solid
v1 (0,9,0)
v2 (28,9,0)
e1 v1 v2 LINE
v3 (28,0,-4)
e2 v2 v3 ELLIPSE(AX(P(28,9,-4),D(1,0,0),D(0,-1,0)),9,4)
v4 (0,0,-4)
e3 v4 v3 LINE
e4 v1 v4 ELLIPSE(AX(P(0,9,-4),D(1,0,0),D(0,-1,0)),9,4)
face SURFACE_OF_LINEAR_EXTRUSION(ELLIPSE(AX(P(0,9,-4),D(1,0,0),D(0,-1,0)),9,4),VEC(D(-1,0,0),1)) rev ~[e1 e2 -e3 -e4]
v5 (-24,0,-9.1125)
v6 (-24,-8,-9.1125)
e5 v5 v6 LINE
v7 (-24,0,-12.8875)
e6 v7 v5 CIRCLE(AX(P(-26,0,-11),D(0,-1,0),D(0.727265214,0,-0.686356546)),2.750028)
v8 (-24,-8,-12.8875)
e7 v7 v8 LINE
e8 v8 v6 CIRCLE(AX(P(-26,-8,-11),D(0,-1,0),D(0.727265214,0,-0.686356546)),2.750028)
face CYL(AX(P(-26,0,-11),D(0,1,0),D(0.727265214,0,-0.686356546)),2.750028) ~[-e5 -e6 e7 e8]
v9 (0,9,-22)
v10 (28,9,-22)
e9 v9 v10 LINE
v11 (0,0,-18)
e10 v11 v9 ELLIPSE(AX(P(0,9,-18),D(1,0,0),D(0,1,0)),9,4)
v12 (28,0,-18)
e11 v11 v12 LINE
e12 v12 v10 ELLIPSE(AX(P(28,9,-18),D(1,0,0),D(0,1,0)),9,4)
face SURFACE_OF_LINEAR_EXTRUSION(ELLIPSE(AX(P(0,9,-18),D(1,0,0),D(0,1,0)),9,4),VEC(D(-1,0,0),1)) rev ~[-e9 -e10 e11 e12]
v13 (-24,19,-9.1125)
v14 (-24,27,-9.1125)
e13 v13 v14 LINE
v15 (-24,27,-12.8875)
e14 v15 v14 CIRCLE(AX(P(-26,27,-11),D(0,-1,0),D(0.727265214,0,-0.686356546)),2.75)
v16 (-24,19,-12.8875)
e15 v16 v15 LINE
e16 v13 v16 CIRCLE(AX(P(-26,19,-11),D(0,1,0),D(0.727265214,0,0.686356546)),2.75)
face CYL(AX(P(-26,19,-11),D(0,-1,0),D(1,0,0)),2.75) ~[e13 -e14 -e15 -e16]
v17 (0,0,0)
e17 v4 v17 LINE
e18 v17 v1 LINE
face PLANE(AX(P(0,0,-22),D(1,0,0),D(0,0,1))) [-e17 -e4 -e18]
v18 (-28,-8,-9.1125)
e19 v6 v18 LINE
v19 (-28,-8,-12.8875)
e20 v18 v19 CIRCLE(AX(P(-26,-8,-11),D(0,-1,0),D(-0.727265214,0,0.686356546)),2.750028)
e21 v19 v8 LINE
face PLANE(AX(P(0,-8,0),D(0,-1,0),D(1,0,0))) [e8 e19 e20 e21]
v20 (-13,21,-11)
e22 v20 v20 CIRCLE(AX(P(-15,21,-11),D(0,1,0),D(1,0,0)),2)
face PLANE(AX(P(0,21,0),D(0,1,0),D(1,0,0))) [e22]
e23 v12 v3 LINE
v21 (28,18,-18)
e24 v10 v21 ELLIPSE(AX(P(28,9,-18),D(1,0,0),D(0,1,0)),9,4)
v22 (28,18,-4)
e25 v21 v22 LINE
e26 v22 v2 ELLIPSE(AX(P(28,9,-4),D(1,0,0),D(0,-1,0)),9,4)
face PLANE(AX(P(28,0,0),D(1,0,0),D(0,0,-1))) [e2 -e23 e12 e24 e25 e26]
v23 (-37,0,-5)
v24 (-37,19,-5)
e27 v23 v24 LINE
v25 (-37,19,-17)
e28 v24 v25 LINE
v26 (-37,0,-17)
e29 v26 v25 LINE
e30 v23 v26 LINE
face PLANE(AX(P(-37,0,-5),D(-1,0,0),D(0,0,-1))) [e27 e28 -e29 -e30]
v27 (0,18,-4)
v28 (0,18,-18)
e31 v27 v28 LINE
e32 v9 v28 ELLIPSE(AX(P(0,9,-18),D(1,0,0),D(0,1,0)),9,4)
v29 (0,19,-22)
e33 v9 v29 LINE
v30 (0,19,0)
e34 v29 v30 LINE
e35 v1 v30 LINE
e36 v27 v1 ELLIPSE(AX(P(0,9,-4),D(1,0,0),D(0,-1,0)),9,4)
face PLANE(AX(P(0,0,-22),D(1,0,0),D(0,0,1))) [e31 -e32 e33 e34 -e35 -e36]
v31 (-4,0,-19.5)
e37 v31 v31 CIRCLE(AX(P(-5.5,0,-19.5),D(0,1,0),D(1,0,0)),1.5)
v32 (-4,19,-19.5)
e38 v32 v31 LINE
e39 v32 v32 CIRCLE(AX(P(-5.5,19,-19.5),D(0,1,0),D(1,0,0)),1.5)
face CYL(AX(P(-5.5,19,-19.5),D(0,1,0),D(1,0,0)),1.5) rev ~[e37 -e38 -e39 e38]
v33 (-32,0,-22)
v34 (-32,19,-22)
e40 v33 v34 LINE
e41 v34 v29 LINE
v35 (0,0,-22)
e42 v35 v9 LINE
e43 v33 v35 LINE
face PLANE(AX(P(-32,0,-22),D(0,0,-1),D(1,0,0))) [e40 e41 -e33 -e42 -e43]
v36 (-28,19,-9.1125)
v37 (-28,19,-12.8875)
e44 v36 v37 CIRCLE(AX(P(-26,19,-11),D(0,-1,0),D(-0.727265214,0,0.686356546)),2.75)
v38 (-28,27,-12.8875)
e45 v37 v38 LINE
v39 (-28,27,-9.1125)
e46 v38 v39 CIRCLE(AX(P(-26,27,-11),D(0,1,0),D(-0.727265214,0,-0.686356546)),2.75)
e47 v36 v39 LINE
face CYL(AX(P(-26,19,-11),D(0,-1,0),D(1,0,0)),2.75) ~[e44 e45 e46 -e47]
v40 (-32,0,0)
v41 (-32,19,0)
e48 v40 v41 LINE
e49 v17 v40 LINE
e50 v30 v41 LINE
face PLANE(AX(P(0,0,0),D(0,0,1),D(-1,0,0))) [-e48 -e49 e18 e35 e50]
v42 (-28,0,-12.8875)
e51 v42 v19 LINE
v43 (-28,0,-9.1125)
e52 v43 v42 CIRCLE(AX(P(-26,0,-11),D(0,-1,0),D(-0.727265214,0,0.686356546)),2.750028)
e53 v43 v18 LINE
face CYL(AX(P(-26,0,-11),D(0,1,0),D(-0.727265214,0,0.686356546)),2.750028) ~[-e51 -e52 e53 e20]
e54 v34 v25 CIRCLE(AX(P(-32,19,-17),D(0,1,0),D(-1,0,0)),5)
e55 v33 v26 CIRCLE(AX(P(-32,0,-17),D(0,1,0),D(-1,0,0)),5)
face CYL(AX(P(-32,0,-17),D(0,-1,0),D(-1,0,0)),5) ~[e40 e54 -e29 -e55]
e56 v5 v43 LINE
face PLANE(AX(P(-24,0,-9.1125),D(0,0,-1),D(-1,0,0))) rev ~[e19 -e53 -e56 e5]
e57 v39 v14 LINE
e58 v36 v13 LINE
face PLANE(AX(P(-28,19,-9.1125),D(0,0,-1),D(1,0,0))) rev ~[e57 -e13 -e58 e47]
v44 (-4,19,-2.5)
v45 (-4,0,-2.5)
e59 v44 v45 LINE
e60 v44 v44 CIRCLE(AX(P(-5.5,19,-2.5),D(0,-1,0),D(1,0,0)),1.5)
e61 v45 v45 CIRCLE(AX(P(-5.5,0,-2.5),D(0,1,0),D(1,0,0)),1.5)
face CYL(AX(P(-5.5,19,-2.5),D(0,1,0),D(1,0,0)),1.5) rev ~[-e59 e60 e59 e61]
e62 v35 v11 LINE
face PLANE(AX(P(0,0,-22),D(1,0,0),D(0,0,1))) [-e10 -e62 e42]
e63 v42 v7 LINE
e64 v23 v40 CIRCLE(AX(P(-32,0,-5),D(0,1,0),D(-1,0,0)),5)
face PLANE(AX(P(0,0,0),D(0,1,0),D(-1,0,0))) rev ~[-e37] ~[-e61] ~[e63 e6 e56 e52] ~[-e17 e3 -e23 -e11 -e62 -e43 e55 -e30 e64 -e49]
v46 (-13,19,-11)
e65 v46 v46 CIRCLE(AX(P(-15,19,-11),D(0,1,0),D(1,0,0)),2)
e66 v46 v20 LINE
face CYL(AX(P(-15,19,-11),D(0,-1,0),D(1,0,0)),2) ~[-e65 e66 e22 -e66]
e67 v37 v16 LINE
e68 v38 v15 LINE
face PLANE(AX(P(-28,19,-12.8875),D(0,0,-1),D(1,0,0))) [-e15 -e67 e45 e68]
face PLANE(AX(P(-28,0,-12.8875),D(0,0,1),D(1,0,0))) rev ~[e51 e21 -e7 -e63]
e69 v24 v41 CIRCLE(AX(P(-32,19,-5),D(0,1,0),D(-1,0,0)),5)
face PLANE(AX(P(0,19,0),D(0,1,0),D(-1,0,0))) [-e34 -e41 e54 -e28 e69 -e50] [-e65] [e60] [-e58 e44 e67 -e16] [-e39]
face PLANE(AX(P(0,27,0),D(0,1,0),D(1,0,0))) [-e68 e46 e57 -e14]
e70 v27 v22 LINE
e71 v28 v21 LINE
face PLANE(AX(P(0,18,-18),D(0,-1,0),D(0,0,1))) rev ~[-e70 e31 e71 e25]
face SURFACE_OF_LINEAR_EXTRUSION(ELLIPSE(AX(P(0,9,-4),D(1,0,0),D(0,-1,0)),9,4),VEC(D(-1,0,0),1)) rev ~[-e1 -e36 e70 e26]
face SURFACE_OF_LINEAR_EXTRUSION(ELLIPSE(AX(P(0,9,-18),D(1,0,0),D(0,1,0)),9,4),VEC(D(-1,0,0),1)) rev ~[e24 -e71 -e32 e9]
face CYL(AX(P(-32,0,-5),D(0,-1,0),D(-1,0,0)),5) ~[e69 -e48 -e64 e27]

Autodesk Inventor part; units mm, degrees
ref_plane "YZ Plane" through (0, 0, 0) normal (1, 0, 0) x (0, 1, 0)
ref_plane "XZ Plane" through (0, 0, 0) normal (0, 1, 0) x (-1, 0, 0)
ref_plane "XY Plane" through (0, 0, 0) normal (0, 0, 1) x (1, 0, 0)
sketch "スケッチ1" plane through (0, 0, 0) normal (0, 1, 0) x (-1, 0, 0)
  line L0 (0, 0) -> (37, 0)
  line L1 (37, 0) -> (37, -22)
  line L2 (37, -22) -> (0, -22)
  line L3 (0, -22) -> (0, 0)
  line L4 (37, 0) -> (37, -3.6217)
  line L5 (37, 0) -> (32, 0)
  line L6 (32, 0) -> (32, -5)
  line L7 (32, -5) -> (37, -5)
  line L8 (37, -5) -> (37, 0)
  circle A0 centre (32, -5) radius 5
  line L9 (37, -22) -> (32, -22)
  line L10 (32, -22) -> (32, -17)
  line L11 (32, -17) -> (37, -17)
  line L12 (37, -17) -> (37, -22)
  circle A1 centre (32, -17) radius 5
  dimension "d1" = 22
  dimension "d2" = 37
  dimension "d6" = 5
  dimension "d7" = 5
extrude "押し出し1" add sketch "スケッチ1" along normal blind 19 contours L0 A0 L1 A1 L2 L3 | A0 L7 L6 | L6 L7 A0 | A1 L11 L10 | L10 L11 A1
sketch "スケッチ2" plane through (0, 19, 0) normal (0, 1, 0) x (1, 0, 0)
  line L0 (0, 0) -> (0, 22) projected
  line L1 (0, 0) -> (0, 22)
  line L2 (0, 11) -> (-37, 11)
  line L3 (-37, 17) -> (-37, 5) projected
  line L4 (-37, 11) -> (-26, 11)
  circle A0 centre (-26, 11) radius 2.75
  line L5 (-28, 9.1125) -> (-24, 9.1125)
  line L6 (-28, 12.8875) -> (-24, 12.8875)
  dimension "d10" = 11
  dimension "d11" = 5.5
  dimension "d12" = 4
extrude "押し出し2" add sketch "スケッチ2" along normal blind 8 contours A0 L5 L2 | L2 A0 L6
sketch "スケッチ3" plane through (0, 0, 0) normal (0, -1, 0) x (1, 0, 0)
  arc A0 (-24, -12.8875) -> (-24, -9.1125) centre (-26, -11) ccw projected
  line L0 (-28, -12.8875) -> (-24, -12.8875) projected
  arc A1 (-28, -9.1125) -> (-28, -12.8875) centre (-26, -11) ccw projected
  line L1 (-24, -9.1125) -> (-28, -9.1125) projected
  point P0 (0, 0)
extrude "押し出し3" add sketch "スケッチ3" along normal blind 8
sketch "スケッチ4" plane through (0, 19, 0) normal (0, 1, 0) x (1, 0, 0)
  line L0 (0, 0) -> (0, 22) projected
  line L1 (0, 11) -> (-15, 11)
  circle A0 centre (-15, 11) radius 2
  dimension "d17" = 15
  dimension "d18" = 4
extrude "押し出し4" add sketch "スケッチ4" along normal blind 2
sketch "スケッチ5" plane through (0, 0, 0) normal (1, 0, 0) x (0, 0, -1)
  line L0 (22, 0) -> (22, 19) projected
  line L1 (0, 0) -> (22, 0)
  line L2 (22, 0) -> (22, 18)
  line L3 (22, 18) -> (0, 18)
  line L4 (0, 18) -> (0, 0)
  line L5 (0, 0) -> (0, 19) projected
  line L6 (0, 9) -> (22, 9)
  line L7 (11, 0) -> (11, 18)
  line L8 (4, 9) -> (4, 0)
  ellipse E0 centre (4, 9) end of major axis (0, 9) minor radius 9
  ellipse E1 centre (18, 9) end of major axis (22, 9) minor radius 9
  point P0 (4, 18)
  point P1 (18, 0)
  point P2 (18, 18)
  dimension "d21" = 18
extrude "押し出し5" add sketch "スケッチ5" along normal blind 28 contours E1 L6 | L6 E1 | L1 L7 L6 E1 | L6 L7 L3 E1 | L1 E0 L6 L7 | L6 E0 L3 L7 | E0 L6 L8 | L8 L6 E0 | L6 E0
sketch "スケッチ6" plane through (0, 19, 0) normal (0, 1, 0) x (1, 0, 0)
  arc A0 (-32, 22) -> (-37, 17) centre (-32, 17) ccw projected
  line L0 (0, 0) -> (0, 22) projected
  line L1 (-32, 22) -> (0, 22)
  line L2 (0, 22) -> (-2.4665, 22)
  line L3 (0, 0) -> (-5.5, 0)
  line L4 (-32, 0) -> (0, 0) projected
  line L5 (-5.5, 0) -> (-5.5, 2.5)
  circle A1 centre (-5.5, 2.5) radius 1.5
  line L6 (0, 11) -> (-37, 11)
  line L7 (-37, 17) -> (-37, 5) projected
  circle A2 centre (-5.5, 19.5) radius 1.5
  dimension "d25" = 5.5
  dimension "d26" = 2.5
  dimension "d27" = 3
extrude "押し出し6" cut sketch "スケッチ6" against normal blind 22 contours A1 | A2
properties part number "黄モーター"
